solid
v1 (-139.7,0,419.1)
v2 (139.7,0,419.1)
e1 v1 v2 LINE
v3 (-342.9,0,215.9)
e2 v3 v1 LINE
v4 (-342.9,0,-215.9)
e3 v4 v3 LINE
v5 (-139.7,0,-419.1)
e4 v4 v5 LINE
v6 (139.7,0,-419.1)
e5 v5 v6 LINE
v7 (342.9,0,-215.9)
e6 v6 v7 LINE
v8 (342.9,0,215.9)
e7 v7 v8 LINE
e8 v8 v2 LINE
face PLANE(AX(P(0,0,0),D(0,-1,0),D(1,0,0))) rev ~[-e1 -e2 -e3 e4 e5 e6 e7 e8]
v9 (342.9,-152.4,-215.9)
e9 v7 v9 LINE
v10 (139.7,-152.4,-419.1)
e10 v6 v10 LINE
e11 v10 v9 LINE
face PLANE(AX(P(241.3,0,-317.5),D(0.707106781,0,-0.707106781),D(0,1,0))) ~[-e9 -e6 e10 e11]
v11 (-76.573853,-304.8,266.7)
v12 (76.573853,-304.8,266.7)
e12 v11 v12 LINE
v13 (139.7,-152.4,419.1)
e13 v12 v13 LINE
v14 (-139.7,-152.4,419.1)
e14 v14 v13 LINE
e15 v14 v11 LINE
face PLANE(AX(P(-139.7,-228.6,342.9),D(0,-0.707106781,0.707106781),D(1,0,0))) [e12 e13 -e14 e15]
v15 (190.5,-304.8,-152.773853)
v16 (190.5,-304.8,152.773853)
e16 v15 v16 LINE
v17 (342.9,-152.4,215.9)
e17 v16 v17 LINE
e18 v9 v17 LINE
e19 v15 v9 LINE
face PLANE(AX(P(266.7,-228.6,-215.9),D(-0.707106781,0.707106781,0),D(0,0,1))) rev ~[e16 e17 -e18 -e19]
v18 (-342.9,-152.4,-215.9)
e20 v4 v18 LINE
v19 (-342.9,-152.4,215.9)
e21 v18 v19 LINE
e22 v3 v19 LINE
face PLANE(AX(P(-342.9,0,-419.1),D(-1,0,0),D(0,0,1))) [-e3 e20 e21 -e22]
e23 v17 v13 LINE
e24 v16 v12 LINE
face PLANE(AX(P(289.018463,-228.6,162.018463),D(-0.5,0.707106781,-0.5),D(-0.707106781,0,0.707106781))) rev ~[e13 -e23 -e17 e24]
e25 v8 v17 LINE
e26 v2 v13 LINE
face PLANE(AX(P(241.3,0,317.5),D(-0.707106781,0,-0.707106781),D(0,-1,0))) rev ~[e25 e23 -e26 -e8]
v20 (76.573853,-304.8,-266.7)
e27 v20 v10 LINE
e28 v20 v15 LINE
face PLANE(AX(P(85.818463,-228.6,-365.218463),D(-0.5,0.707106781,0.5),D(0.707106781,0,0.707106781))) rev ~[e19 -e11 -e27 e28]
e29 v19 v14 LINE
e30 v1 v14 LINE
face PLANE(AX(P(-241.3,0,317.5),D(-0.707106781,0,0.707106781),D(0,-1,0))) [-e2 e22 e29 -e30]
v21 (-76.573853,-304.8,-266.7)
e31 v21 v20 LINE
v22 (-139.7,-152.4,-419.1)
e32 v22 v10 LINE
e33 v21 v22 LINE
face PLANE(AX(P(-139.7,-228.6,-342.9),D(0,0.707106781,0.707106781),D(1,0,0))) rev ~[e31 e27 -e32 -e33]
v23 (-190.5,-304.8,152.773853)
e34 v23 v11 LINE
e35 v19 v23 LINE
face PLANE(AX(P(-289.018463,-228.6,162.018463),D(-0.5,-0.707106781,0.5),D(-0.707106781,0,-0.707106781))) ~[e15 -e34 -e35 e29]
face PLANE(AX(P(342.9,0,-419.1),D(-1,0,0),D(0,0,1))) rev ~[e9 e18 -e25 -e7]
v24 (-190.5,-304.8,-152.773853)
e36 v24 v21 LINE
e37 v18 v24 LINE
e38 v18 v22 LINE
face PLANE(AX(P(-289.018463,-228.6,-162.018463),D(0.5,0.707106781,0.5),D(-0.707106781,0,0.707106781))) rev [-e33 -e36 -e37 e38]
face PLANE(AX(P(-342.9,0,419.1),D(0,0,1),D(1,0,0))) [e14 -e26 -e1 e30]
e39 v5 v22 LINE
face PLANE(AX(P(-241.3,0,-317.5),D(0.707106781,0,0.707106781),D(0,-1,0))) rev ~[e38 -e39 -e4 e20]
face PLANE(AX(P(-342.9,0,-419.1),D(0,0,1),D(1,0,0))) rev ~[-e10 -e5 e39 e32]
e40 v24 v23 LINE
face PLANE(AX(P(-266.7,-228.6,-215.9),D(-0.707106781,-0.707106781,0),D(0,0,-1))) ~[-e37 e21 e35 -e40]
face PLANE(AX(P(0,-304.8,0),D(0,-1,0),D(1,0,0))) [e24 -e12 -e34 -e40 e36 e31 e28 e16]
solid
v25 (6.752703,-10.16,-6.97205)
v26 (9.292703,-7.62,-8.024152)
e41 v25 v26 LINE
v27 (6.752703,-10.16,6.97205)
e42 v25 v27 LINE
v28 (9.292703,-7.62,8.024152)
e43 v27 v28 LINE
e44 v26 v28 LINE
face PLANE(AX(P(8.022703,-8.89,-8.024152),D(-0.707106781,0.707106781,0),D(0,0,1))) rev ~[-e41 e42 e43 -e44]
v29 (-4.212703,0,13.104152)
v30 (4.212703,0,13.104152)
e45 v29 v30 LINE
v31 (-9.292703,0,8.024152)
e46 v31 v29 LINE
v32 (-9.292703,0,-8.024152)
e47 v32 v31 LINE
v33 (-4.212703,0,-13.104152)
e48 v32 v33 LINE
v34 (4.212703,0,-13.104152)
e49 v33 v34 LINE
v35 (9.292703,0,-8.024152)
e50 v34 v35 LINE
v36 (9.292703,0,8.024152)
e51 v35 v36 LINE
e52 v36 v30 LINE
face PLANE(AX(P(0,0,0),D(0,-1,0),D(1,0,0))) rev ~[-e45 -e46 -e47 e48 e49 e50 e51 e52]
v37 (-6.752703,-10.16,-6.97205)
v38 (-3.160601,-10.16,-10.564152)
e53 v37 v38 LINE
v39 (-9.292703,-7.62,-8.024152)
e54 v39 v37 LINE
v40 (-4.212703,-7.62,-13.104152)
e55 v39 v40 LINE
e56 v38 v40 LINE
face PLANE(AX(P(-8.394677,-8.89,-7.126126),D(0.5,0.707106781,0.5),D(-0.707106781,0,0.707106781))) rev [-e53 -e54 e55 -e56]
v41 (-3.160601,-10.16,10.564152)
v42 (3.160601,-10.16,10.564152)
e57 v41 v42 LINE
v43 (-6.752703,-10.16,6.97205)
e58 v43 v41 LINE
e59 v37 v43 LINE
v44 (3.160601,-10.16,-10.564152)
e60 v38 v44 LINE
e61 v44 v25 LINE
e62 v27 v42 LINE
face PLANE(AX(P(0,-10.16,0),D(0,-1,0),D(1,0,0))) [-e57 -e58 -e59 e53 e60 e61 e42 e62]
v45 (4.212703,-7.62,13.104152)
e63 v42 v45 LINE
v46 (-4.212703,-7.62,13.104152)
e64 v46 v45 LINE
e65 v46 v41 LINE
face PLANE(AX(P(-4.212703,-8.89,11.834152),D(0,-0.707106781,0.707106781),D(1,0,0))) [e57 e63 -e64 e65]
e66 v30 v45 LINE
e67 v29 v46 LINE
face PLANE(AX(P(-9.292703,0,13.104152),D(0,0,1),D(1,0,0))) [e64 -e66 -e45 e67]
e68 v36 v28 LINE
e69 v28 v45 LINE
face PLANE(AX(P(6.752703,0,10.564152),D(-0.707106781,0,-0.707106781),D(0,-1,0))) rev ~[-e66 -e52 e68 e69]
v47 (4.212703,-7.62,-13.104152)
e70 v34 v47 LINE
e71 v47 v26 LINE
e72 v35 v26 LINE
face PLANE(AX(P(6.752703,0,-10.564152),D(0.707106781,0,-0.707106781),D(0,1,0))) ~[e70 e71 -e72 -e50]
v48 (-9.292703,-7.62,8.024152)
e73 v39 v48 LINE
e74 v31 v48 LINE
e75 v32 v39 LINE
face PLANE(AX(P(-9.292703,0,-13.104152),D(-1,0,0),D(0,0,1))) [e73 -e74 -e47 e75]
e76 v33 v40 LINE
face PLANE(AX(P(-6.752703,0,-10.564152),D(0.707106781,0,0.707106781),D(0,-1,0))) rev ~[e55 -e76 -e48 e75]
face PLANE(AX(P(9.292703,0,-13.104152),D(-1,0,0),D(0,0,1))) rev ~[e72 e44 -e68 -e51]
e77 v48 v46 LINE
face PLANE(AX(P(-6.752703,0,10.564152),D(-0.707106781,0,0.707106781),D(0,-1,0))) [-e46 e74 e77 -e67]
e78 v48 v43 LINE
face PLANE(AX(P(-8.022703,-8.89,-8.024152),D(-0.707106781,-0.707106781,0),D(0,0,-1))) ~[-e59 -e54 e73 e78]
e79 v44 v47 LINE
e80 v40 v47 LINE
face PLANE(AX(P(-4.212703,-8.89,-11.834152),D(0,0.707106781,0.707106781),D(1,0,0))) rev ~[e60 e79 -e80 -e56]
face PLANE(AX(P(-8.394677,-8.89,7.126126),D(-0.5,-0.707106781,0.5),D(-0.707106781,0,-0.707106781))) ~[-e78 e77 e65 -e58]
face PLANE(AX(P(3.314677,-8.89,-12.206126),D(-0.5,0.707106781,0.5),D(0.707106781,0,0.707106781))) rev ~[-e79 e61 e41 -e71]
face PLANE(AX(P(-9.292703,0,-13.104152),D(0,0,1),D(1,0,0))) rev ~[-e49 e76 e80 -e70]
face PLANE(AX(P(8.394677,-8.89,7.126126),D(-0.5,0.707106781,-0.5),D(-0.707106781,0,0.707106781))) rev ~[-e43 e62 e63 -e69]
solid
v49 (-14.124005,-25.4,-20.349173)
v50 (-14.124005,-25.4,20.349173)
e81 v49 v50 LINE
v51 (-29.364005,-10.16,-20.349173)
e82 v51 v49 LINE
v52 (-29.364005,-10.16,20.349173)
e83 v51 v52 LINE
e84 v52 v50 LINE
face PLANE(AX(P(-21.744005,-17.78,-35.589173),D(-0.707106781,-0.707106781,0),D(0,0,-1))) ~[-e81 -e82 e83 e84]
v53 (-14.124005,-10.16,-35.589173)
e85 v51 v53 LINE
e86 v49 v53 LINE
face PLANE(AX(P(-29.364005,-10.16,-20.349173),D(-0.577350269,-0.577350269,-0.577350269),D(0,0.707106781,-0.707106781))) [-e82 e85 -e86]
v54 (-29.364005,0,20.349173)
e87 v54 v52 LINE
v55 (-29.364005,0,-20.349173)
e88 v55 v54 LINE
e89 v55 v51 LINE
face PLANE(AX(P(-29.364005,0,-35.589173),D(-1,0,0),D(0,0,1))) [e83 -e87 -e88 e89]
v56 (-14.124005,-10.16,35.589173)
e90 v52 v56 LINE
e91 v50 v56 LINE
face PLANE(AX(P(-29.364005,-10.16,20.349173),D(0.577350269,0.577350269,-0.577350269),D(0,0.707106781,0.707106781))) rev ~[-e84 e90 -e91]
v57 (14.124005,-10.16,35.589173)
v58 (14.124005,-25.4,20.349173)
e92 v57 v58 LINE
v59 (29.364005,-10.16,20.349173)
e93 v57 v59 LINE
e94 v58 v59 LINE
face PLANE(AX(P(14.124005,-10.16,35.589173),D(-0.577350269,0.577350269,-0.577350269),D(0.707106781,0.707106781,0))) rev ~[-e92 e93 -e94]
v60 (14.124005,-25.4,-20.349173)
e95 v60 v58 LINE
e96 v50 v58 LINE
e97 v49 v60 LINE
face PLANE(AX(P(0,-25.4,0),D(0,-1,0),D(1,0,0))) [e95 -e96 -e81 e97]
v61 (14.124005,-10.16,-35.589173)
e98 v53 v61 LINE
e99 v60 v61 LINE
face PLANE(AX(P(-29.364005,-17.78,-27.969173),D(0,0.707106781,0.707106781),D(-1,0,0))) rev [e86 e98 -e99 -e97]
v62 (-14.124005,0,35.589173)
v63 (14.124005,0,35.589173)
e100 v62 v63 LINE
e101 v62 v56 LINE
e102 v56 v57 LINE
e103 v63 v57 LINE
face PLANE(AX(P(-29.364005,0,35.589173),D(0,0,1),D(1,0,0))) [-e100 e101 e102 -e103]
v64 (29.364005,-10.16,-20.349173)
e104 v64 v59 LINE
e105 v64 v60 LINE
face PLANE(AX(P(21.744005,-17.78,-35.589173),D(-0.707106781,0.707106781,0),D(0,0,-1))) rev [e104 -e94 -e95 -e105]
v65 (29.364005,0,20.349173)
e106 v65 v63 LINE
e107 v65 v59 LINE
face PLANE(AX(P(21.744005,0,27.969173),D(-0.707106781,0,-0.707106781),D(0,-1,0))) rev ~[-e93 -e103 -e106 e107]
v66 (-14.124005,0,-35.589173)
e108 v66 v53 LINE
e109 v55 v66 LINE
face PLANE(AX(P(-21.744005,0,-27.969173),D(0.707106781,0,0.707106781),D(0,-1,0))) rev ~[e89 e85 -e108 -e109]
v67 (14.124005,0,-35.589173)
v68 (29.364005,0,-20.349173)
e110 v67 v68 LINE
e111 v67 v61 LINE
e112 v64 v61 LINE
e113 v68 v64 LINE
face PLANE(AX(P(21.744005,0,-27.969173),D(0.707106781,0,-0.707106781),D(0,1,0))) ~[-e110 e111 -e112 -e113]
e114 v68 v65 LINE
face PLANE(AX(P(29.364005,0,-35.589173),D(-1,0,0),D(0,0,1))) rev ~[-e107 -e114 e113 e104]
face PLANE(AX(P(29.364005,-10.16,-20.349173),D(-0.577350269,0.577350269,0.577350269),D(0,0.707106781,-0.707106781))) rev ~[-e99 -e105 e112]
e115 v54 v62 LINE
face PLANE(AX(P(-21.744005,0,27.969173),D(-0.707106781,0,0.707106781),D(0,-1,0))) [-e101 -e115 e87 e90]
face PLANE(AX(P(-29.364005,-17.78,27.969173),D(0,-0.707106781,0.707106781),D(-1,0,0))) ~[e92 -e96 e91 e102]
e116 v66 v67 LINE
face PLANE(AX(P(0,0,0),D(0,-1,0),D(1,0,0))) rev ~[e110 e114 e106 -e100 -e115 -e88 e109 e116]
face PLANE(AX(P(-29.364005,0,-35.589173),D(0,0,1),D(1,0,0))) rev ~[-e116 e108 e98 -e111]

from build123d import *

# Parameters (mm, degrees)
F0_W     = 58.72801
F0_H     = 71.178346
F1_DEPTH = 25.4
F2_SIZE  = 15.24
F3_W     = 685.8
F3_H     = 838.2
F4_DEPTH = 304.8
F5_SIZE  = 203.2
F6_SIZE  = 152.4
F7_W     = 18.585406
F7_H     = 26.208304
F8_DEPTH = 10.16
F9_SIZE  = 5.08
F10_SIZE = 2.54


with BuildPart() as f1:
    # F0 (on Front) → F1 (new body)
    with BuildSketch(Plane.XZ):
        Rectangle(F0_W, F0_H)
    extrude(amount=F1_DEPTH)

    # F2
    f2_edges = [f1.edges().sort_by_distance(p)[0] for p in [
        (0, -25.4, -35.589173),
        (29.364005, -25.4, 0),
        (0, -25.4, 35.589173),
        (-29.364005, -25.4, 0),
        (29.364005, -12.7, -35.589173),
        (-29.364005, -12.7, -35.589173),
        (-29.364005, -12.7, 35.589173),
        (29.364005, -12.7, 35.589173),
    ]]
    chamfer(f2_edges, length=F2_SIZE)


with BuildPart() as f4:
    # F3 (on Front) → F4 (new body)
    with BuildSketch(Plane.XZ):
        Rectangle(F3_W, F3_H)
    extrude(amount=F4_DEPTH)

    # F5
    f5_edges = [f4.edges().sort_by_distance(p)[0] for p in [
        (342.9, -152.4, 419.1),
        (342.9, -152.4, -419.1),
        (-342.9, -152.4, -419.1),
        (-342.9, -152.4, 419.1),
    ]]
    chamfer(f5_edges, length=F5_SIZE)

    # F6
    f6_edges = [f4.edges().sort_by_distance(p)[0] for p in [
        (0, -304.8, -419.1),
        (-241.3, -304.8, -317.5),
        (241.3, -304.8, -317.5),
        (-342.9, -304.8, 0),
        (342.9, -304.8, 0),
        (-241.3, -304.8, 317.5),
        (241.3, -304.8, 317.5),
        (0, -304.8, 419.1),
    ]]
    chamfer(f6_edges, length=F6_SIZE)


with BuildPart() as f8:
    # F7 (on Front) → F8 (new body)
    with BuildSketch(Plane.XZ):
        Rectangle(F7_W, F7_H)
    extrude(amount=F8_DEPTH)

    # F9
    f9_edges = [f8.edges().sort_by_distance(p)[0] for p in [
        (-9.292703, -5.08, 13.104152),
        (9.292703, -5.08, 13.104152),
        (-9.292703, -5.08, -13.104152),
        (9.292703, -5.08, -13.104152),
    ]]
    chamfer(f9_edges, length=F9_SIZE)

    # F10
    f10_edges = [f8.edges().sort_by_distance(p)[0] for p in [
        (0, -10.16, -13.104152),
        (-6.752703, -10.16, -10.564152),
        (6.752703, -10.16, -10.564152),
        (-9.292703, -10.16, 0),
        (9.292703, -10.16, 0),
        (-6.752703, -10.16, 10.564152),
        (6.752703, -10.16, 10.564152),
        (0, -10.16, 13.104152),
    ]]
    chamfer(f10_edges, length=F10_SIZE)


solid = Compound([f1.part, f4.part, f8.part])
